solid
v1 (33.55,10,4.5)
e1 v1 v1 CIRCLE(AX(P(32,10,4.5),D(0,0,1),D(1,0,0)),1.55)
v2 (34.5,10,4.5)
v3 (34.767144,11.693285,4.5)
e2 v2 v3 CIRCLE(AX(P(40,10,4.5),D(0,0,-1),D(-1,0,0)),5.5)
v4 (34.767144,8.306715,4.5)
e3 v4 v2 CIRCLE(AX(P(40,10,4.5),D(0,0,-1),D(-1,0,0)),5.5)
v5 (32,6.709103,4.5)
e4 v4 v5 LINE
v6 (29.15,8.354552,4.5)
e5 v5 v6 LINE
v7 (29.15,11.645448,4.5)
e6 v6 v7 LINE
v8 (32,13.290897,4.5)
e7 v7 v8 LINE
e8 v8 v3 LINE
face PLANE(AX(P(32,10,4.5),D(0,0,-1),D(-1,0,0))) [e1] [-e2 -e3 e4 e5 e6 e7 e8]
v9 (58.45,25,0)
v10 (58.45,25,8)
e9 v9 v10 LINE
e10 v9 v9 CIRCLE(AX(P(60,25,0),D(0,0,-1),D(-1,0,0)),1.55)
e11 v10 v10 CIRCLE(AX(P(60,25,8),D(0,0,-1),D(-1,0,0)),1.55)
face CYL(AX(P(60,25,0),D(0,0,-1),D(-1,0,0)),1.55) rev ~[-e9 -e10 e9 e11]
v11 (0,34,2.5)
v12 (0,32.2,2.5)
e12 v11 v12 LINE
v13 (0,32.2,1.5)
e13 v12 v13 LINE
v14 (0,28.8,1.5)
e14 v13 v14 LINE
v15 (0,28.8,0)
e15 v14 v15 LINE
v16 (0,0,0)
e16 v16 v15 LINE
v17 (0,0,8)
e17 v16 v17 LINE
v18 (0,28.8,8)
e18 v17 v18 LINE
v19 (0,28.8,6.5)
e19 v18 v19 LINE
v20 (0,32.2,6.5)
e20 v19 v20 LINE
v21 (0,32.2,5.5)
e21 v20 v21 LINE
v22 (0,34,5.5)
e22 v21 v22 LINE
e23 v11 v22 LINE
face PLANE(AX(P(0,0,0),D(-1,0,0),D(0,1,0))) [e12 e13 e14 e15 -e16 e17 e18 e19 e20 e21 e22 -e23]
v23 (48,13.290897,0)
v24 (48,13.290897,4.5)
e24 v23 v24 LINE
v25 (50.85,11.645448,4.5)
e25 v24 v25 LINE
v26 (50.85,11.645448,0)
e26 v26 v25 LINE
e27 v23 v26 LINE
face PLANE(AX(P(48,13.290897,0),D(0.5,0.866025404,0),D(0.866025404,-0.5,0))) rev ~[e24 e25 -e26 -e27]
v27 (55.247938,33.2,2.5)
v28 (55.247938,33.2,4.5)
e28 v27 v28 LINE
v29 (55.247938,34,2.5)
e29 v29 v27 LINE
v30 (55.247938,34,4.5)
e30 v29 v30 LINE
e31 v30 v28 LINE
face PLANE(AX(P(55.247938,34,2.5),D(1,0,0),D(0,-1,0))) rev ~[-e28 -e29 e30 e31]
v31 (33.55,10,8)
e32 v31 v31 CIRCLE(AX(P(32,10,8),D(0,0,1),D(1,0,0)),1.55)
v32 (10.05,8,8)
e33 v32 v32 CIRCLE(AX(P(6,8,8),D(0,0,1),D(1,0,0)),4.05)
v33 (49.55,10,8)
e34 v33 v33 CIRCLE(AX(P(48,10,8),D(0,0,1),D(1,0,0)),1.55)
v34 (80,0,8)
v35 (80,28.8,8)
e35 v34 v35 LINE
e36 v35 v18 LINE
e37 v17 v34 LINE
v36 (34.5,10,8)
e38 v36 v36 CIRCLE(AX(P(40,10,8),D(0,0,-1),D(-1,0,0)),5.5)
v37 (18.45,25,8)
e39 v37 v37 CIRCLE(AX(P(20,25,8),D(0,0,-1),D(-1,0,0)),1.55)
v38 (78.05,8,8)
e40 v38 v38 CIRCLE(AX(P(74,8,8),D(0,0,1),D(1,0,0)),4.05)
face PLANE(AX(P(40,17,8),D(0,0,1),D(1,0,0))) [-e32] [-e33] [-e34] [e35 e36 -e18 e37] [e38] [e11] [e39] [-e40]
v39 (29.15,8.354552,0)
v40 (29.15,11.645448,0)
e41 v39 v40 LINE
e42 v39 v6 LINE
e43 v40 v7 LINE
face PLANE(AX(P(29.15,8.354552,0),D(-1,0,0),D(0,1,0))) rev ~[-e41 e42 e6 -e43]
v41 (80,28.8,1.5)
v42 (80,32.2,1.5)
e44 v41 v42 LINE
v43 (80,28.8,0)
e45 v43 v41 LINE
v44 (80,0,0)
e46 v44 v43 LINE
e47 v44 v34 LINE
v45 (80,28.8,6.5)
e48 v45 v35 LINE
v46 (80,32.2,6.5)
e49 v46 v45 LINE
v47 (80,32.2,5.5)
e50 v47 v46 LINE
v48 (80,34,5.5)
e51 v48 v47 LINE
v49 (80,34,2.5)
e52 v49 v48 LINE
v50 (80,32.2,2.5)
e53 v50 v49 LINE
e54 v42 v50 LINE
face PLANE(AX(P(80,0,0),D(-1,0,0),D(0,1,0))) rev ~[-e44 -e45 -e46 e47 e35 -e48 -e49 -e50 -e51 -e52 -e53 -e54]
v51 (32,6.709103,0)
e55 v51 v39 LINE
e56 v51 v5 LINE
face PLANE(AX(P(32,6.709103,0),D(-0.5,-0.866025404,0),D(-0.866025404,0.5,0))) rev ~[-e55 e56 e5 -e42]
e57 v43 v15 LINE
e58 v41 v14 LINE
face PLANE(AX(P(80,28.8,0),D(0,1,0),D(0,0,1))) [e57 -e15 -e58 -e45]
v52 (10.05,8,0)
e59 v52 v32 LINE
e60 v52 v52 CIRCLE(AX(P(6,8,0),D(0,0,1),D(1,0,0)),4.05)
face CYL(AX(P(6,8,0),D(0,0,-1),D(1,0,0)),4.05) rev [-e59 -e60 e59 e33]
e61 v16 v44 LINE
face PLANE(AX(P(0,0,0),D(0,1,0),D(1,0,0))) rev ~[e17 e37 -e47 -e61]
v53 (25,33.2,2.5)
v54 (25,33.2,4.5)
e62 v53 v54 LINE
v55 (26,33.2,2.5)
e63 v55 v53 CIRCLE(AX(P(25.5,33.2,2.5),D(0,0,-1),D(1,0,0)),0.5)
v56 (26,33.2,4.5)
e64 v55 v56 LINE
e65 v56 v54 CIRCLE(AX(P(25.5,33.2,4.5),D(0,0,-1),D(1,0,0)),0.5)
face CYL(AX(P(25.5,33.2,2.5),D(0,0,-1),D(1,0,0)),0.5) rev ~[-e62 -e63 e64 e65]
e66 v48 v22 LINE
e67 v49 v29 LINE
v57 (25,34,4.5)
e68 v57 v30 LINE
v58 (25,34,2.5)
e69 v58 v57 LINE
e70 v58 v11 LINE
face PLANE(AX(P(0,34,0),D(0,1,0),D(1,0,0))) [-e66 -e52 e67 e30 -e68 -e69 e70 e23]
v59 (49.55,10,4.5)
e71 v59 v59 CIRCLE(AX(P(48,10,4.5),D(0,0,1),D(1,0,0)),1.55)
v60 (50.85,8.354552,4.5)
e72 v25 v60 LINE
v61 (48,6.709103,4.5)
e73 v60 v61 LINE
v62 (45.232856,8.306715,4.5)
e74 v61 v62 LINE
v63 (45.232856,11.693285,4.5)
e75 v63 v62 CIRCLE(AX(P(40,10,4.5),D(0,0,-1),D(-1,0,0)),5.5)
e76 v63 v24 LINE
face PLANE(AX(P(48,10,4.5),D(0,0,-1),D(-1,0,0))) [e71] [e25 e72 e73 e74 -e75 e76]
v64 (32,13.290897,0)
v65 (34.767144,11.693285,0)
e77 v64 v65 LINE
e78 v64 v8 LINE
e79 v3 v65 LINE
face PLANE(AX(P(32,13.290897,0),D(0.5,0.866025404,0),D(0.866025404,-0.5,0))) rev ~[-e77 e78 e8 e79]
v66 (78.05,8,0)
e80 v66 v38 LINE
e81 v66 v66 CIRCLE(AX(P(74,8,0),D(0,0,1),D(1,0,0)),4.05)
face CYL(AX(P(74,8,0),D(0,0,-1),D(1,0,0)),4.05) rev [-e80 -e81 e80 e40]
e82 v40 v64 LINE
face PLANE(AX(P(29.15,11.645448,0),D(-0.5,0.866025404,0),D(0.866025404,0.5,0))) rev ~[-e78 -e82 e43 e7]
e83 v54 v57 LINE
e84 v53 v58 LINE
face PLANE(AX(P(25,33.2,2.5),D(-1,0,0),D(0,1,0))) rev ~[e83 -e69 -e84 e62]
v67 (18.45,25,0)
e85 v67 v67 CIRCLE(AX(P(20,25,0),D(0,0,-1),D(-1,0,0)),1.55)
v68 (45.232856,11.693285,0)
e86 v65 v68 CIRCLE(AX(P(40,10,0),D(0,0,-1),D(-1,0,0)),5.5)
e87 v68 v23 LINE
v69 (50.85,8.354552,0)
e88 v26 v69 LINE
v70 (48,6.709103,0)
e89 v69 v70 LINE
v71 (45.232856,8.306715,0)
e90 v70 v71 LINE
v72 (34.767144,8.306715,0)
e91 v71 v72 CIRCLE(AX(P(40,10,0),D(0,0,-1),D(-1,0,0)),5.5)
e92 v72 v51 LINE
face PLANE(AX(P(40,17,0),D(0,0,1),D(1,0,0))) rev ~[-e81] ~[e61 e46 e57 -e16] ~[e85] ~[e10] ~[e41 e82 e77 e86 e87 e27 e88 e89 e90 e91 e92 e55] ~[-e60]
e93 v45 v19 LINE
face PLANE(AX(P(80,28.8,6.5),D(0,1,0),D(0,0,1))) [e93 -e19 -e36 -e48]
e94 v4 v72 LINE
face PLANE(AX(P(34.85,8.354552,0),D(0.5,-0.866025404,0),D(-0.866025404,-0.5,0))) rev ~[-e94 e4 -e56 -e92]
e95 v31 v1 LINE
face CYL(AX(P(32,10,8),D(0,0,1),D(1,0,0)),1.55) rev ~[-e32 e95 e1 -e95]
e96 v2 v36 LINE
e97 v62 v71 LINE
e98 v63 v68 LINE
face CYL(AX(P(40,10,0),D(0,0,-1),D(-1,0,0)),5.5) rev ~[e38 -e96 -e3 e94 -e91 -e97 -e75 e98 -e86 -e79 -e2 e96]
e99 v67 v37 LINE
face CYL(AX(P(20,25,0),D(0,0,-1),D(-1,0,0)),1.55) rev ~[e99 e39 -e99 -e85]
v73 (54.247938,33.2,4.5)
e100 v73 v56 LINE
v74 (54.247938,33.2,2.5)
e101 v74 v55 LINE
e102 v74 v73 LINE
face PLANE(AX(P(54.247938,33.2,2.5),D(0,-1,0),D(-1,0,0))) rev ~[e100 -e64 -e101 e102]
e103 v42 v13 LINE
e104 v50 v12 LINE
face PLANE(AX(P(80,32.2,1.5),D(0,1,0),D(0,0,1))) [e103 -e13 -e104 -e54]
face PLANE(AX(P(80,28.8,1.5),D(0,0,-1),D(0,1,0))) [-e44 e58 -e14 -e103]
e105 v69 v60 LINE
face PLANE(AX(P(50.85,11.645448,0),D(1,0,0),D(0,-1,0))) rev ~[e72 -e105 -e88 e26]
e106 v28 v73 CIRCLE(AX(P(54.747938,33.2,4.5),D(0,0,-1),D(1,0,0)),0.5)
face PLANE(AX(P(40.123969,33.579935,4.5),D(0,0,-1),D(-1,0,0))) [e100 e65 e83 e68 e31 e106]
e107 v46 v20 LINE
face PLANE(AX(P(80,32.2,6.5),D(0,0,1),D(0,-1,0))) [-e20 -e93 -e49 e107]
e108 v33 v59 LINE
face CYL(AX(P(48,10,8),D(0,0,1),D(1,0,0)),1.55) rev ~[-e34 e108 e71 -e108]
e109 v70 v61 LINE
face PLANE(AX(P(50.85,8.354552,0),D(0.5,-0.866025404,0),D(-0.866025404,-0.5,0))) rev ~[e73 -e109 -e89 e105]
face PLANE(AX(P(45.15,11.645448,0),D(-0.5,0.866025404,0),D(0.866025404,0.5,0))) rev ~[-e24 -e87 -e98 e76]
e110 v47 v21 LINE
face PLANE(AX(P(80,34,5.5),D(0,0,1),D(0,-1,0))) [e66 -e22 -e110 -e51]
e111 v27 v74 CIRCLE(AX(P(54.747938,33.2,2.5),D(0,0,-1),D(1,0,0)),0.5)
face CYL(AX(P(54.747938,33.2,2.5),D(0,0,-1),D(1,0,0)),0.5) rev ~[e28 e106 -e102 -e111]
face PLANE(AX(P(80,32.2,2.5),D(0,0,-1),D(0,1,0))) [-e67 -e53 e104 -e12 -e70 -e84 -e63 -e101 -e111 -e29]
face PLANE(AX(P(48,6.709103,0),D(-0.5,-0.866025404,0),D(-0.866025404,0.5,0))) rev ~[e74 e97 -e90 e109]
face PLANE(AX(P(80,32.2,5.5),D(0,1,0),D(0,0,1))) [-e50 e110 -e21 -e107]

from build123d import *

# Parameters (mm, degrees)
SKETCH_2_W           = 80
SKETCH_2_H           = 34
SKETCH_2_R           = 4.05
EXTRUDE_1_DEPTH      = 8
CUT_EXTRUDE_2_DEPTH  = 88.292611371
SKETCH_5_R           = 1.55
CUT_EXTRUDE_3_DEPTH  = 88.292611371
CUT_EXTRUDE_5_DEPTH  = 4.5
SKETCH_11_R          = 1.55
CUT_EXTRUDE_7_DEPTH  = 88.292611371
CUT_EXTRUDE_11_DEPTH = 2
SKETCH_20_R          = 5.5
CUT_EXTRUDE_14_DEPTH = 88.292611371


with BuildPart() as part:
    # 草图2 → 凸台-拉伸1 (new body)
    with BuildSketch(Plane.XY):
        with Locations((40, 17)):
            Rectangle(SKETCH_2_W, SKETCH_2_H)
        with Locations((6, 8)):
            Circle(SKETCH_2_R, mode=Mode.SUBTRACT)
        with Locations((40, 10)):
            Circle(SKETCH_2_R, mode=Mode.SUBTRACT)
        with Locations((74, 8)):
            Circle(SKETCH_2_R, mode=Mode.SUBTRACT)
    extrude(amount=EXTRUDE_1_DEPTH)

    # 草图4 → 切除-拉伸2 (cut, through all)
    with BuildSketch(Plane(origin=(80, 0, 0), x_dir=(0, 0, -1), z_dir=(1, 0, 0))):
        Polygon((-1.5, 32.2), (-2.5, 32.2), (-2.5, 34), (0, 34), (0, 28.8), (-1.5, 28.8), align=None)
        Polygon((-6.5, 32.2), (-6.5, 28.8), (-8, 28.8), (-8, 34), (-5.5, 34), (-5.5, 32.2), align=None)
    extrude(amount=-CUT_EXTRUDE_2_DEPTH, mode=Mode.SUBTRACT)

    # 草图5 → 切除-拉伸3 (cut, through all)
    with BuildSketch(Plane.XY.offset(8)):
        with Locations((48, 10)):
            Circle(SKETCH_5_R)
        with Locations((32, 10)):
            Circle(SKETCH_5_R)
    extrude(amount=-CUT_EXTRUDE_3_DEPTH, mode=Mode.SUBTRACT)

    # 草图8 → 切除-拉伸5 (cut)
    with BuildSketch(Plane(origin=(0, 0, 0), x_dir=(-1, 0, 0), z_dir=(0, 0, -1))):
        Polygon((-45.15, 8.354551733), (-45.15, 11.645448267), (-48, 13.290896534), (-50.85, 11.645448267), (-50.85, 8.354551733), (-48, 6.709103466), align=None)
        Polygon((-29.15, 8.354551733), (-29.15, 11.645448267), (-32, 13.290896534), (-34.85, 11.645448267), (-34.85, 8.354551733), (-32, 6.709103466), align=None)
    extrude(amount=-CUT_EXTRUDE_5_DEPTH, mode=Mode.SUBTRACT)

    # 草图11 → 切除-拉伸7 (cut, through all)
    with BuildSketch(Plane(origin=(0, 0, 0), x_dir=(-1, 0, 0), z_dir=(0, 0, -1))):
        with Locations((-60, 25)):
            Circle(SKETCH_11_R)
        with Locations((-20, 25)):
            Circle(SKETCH_11_R)
    extrude(amount=-CUT_EXTRUDE_7_DEPTH, mode=Mode.SUBTRACT)

    # 草图19 → 切除-拉伸11 (cut)
    with BuildSketch(Plane(origin=(0, 0, 2.5), x_dir=(-1, 0, 0), z_dir=(0, 0, -1))):
        with BuildLine():
            Line((-25, 34), (-55.247938178, 34))
            Line((-55.247938178, 34), (-55.247938178, 33.2))
            ThreePointArc((-55.247938178, 33.2), (-54.747938178, 32.7), (-54.247938178, 33.2))
            Line((-54.247938178, 33.2), (-26, 33.2))
            ThreePointArc((-26, 33.2), (-25.5, 32.7), (-25, 33.2))
            Line((-25, 33.2), (-25, 34))
        make_face()
    extrude(amount=-CUT_EXTRUDE_11_DEPTH, mode=Mode.SUBTRACT)

    # 草图20 → 切除-拉伸14 (cut, through all)
    with BuildSketch(Plane(origin=(0, 0, 0), x_dir=(-1, 0, 0), z_dir=(0, 0, -1))):
        with Locations((-40, 10)):
            Circle(SKETCH_20_R)
    extrude(amount=-CUT_EXTRUDE_14_DEPTH, mode=Mode.SUBTRACT)


solid = part.part
